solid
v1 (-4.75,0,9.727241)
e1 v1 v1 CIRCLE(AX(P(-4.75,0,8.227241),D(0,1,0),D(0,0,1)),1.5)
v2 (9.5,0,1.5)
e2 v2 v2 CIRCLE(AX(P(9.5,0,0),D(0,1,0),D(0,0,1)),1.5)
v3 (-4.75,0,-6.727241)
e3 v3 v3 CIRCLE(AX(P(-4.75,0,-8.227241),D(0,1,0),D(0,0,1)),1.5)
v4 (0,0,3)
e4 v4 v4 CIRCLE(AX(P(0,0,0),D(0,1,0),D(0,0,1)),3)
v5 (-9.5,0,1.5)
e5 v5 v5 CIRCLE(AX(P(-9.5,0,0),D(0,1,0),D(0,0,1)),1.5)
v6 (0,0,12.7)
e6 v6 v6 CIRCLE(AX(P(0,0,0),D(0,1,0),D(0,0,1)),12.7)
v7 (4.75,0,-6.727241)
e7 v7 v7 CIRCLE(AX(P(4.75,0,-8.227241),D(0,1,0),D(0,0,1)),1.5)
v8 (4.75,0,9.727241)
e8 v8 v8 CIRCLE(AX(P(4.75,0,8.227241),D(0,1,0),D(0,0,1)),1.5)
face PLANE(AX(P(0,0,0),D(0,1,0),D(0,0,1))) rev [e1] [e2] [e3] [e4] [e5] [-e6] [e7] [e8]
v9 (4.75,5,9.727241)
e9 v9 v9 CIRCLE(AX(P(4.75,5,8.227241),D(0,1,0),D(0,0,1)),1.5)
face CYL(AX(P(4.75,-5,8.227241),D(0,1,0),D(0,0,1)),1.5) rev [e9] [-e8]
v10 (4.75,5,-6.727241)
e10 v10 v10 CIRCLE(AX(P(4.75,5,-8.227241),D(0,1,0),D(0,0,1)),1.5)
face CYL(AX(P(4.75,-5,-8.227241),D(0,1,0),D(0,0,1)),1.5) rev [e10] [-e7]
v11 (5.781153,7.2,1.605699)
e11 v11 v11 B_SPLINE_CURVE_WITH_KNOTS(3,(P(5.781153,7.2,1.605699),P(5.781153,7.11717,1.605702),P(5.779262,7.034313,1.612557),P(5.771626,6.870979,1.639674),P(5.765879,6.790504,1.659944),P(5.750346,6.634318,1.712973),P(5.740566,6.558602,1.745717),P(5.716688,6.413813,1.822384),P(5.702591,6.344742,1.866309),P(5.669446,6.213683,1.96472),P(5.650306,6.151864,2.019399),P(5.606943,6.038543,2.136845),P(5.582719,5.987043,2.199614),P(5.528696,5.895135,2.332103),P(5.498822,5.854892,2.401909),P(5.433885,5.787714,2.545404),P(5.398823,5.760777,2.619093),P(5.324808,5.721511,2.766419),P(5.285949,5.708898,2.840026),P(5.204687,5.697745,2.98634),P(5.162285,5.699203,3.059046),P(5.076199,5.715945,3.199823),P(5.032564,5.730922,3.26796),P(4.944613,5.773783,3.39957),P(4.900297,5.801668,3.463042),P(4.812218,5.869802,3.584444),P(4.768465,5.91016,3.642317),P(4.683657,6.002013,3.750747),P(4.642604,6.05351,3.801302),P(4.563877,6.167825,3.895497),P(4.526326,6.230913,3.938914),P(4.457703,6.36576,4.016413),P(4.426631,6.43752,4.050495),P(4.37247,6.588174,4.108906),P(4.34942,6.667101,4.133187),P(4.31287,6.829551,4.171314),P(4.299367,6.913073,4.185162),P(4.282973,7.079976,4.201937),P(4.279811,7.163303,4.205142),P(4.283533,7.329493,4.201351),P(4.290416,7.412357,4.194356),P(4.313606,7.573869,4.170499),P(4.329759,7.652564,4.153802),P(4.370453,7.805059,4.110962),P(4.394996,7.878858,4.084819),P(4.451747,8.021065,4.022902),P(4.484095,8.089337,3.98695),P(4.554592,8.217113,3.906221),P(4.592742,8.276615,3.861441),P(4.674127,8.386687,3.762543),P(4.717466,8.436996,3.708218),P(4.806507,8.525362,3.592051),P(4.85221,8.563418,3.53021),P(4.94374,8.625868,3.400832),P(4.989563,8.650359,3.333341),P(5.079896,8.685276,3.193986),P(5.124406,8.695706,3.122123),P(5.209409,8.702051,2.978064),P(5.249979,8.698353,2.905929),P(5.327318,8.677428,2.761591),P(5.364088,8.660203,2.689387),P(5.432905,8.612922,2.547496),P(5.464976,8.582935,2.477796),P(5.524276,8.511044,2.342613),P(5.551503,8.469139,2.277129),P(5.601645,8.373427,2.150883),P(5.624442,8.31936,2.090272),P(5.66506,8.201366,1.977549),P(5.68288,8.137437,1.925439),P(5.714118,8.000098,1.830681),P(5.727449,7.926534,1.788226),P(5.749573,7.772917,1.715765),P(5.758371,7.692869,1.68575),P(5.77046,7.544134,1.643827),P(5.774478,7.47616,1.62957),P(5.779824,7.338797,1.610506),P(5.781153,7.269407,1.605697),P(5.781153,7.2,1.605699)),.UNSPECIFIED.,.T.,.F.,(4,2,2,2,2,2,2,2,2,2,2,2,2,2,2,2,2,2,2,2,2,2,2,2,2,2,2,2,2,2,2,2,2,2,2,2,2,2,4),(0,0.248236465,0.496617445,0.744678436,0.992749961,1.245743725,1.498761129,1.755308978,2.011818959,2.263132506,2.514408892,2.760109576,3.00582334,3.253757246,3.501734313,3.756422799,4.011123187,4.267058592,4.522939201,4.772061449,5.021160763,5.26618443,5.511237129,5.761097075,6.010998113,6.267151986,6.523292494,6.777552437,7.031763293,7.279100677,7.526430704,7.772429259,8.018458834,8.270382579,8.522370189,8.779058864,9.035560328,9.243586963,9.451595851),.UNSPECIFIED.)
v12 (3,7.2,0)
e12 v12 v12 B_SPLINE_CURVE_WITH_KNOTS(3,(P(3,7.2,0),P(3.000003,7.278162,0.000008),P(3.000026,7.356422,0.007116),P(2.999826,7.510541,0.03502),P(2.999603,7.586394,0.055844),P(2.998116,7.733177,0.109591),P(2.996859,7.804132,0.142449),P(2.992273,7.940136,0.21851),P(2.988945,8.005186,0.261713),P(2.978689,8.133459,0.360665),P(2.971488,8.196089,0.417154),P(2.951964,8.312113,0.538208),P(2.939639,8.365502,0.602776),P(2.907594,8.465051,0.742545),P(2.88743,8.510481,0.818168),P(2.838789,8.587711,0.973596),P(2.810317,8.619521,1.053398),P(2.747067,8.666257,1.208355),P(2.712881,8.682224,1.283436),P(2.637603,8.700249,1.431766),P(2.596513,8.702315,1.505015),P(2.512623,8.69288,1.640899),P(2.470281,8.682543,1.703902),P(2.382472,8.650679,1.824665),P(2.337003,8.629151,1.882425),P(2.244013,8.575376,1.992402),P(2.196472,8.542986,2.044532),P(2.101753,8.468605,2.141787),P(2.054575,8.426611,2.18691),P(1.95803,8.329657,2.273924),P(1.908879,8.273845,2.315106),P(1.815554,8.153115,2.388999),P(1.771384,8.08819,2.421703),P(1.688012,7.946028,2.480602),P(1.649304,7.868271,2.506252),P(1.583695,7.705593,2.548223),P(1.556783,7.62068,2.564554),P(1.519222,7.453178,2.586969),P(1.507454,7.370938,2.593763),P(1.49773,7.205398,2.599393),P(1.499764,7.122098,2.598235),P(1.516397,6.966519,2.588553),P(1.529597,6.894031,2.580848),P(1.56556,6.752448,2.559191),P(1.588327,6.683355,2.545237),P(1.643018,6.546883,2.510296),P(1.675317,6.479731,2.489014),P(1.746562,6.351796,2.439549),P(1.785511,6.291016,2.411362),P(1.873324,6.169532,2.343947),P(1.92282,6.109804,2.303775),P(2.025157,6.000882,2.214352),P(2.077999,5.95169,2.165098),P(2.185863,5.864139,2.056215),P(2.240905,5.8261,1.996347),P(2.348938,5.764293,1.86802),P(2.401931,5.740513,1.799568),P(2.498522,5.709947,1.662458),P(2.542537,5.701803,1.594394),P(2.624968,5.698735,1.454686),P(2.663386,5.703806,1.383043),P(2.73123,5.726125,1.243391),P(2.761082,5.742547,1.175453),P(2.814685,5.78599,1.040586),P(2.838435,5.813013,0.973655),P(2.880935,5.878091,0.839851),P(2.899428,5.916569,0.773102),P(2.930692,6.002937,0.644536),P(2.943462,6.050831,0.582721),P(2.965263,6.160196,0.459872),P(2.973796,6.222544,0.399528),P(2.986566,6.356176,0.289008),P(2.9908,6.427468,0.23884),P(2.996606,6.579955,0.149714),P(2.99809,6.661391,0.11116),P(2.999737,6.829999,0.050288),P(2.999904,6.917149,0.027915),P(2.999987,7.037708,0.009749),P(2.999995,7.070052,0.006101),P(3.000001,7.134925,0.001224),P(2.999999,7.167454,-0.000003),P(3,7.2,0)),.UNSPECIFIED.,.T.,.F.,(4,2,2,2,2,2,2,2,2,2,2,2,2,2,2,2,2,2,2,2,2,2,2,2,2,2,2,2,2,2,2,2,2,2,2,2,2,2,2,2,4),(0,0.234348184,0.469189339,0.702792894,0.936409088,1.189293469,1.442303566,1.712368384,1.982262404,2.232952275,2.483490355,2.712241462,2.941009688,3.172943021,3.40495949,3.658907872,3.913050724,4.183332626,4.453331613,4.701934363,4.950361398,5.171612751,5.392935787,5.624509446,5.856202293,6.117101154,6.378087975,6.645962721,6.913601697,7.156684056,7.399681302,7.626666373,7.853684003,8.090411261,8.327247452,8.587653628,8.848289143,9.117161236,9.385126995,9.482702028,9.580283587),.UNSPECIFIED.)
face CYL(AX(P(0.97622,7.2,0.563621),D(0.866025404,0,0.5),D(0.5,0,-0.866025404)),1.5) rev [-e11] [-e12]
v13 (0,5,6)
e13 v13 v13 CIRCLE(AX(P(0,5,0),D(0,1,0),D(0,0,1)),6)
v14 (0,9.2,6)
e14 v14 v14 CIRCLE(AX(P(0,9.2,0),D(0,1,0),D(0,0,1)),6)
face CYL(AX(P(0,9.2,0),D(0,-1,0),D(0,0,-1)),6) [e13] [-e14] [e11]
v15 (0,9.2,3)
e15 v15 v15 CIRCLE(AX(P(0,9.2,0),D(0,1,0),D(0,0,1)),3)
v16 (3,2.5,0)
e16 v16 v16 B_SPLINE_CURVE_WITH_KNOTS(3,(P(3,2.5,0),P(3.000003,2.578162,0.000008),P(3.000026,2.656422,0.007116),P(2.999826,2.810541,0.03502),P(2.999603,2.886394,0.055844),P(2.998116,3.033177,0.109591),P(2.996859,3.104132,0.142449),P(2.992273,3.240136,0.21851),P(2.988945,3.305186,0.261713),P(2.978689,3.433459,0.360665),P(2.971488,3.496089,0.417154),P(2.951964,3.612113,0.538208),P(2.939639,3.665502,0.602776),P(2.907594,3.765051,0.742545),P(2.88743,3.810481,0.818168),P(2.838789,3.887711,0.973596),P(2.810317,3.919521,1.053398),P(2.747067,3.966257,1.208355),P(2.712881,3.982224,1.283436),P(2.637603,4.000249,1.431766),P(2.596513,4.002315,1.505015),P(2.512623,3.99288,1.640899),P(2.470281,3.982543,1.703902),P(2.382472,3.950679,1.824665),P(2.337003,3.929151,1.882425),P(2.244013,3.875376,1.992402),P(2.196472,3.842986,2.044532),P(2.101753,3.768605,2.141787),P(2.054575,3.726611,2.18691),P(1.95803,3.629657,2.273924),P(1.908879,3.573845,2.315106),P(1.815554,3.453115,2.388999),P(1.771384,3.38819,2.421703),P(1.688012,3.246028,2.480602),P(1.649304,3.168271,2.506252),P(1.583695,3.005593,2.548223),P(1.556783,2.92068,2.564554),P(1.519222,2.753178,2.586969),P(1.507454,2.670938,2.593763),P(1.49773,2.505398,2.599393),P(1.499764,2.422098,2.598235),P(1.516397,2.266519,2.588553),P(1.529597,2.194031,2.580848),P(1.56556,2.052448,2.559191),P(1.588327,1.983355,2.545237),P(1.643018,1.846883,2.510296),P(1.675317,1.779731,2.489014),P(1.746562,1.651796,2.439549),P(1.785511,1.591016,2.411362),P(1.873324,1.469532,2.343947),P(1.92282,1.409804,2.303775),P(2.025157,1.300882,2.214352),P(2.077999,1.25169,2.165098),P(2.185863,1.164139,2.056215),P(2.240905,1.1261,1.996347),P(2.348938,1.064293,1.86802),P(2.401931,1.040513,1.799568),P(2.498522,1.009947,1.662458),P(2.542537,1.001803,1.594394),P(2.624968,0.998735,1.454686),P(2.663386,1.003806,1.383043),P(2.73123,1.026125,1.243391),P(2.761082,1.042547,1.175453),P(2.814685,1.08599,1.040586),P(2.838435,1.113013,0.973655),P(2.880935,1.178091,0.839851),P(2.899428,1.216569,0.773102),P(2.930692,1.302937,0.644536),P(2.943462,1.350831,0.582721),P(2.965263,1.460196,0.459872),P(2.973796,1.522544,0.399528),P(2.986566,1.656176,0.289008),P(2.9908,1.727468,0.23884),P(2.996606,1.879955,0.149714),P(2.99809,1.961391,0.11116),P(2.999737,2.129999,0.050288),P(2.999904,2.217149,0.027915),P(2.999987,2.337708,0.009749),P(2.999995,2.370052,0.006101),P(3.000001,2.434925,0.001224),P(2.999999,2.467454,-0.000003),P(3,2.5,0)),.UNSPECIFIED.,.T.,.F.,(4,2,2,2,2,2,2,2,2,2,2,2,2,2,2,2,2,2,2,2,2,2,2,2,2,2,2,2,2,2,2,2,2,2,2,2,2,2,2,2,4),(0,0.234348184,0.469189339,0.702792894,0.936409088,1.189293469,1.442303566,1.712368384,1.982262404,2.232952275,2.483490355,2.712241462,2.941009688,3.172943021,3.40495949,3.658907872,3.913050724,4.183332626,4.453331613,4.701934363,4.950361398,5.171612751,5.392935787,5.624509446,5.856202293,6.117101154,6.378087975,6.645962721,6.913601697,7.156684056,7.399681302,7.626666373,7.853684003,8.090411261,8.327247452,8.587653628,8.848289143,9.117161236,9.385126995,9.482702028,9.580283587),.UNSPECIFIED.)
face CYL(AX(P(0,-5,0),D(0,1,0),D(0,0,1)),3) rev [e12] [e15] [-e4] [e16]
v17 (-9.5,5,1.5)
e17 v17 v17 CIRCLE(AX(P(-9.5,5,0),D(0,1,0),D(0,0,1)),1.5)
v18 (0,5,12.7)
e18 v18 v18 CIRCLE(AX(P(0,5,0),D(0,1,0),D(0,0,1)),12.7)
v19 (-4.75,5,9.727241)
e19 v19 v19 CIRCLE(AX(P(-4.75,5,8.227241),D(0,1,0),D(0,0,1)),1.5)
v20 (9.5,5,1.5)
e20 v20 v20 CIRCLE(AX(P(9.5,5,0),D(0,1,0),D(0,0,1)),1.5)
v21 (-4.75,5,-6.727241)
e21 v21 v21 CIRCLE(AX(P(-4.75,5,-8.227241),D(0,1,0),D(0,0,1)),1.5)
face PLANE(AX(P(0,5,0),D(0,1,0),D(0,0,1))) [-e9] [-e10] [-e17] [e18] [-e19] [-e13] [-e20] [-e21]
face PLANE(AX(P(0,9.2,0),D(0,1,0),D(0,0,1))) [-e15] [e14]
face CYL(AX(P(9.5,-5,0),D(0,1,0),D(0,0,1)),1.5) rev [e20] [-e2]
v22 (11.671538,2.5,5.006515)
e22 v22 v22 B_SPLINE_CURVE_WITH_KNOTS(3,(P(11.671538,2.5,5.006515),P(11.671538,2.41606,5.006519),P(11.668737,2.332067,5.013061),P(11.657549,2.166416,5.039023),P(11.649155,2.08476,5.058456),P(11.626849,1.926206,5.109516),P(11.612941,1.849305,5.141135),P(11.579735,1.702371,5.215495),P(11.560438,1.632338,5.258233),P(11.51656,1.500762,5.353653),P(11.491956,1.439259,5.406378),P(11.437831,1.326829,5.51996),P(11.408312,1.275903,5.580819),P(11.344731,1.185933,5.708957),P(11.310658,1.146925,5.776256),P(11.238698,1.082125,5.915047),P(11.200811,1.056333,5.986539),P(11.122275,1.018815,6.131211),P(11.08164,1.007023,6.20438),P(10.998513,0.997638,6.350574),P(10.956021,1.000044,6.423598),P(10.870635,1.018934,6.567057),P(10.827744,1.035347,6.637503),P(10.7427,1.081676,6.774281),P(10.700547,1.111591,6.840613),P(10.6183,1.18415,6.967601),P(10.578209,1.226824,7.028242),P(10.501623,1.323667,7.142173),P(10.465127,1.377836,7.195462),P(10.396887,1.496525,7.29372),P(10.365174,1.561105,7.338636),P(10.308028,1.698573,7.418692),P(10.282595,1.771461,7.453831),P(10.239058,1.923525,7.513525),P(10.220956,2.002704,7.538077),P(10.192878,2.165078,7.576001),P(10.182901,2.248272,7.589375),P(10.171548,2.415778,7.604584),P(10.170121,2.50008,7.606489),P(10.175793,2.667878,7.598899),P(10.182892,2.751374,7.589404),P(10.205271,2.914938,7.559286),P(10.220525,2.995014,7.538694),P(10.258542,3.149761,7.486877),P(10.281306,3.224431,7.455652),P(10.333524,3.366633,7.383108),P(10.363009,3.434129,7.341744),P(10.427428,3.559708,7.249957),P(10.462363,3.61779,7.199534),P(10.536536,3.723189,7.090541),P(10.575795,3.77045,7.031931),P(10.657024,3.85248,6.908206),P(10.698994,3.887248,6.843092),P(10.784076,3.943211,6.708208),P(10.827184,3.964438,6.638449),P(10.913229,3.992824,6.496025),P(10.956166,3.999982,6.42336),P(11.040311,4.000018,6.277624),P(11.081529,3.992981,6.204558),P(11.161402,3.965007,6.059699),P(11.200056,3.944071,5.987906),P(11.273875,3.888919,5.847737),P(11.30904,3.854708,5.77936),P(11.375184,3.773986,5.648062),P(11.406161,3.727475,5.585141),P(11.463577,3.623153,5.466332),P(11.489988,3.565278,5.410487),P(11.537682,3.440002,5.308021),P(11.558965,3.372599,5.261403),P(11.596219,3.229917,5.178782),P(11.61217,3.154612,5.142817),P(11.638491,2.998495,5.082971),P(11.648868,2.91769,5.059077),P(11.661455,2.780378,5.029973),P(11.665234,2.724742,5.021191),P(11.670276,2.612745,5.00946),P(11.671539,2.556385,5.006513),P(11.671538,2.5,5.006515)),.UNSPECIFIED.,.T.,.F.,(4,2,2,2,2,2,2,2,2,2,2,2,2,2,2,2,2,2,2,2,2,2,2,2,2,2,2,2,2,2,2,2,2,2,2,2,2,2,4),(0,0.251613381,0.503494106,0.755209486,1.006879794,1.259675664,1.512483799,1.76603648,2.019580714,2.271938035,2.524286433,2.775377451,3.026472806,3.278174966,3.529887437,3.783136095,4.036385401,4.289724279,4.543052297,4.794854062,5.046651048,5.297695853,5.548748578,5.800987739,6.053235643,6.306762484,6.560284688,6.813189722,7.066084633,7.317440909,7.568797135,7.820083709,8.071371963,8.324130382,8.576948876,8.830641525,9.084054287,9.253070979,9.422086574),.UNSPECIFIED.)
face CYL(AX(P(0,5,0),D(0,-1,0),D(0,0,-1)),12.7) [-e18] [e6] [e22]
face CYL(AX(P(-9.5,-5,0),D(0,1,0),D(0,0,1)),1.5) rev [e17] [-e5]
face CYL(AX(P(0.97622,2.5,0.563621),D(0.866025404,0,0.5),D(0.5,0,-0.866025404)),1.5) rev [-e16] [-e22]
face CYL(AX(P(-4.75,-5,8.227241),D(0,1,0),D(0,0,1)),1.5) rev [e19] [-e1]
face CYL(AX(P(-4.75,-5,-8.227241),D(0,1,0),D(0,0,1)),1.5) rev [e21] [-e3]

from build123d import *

# Parameters (mm, degrees)
SKETCH1_R           = 12.7
BOSS_EXTRUDE1_DEPTH = 5
SKETCH2_R           = 6
BOSS_EXTRUDE2_DEPTH = 4.2
SKETCH3_R           = 3
SKETCH3_R_2         = 1.5
CUT_EXTRUDE1_DEPTH  = 14.2
SKETCH5_R           = 1.5
CUT_EXTRUDE2_DEPTH  = 7.1


with BuildPart() as part:
    # Sketch1 → Boss-Extrude1 (new body)
    with BuildSketch(Plane(origin=(0, 0, 0), x_dir=(1, 0, 0), z_dir=(0, 1, 0))):
        with Locations(Location((0, 0, 0), (0, 0, 270))):
            Circle(SKETCH1_R)
    extrude(amount=BOSS_EXTRUDE1_DEPTH)

    # Sketch2 → Boss-Extrude2 (add)
    with BuildSketch(Plane(origin=(0, 5, 0), x_dir=(1, 0, 0), z_dir=(0, 1, 0))):
        with Locations(Location((0, 0, 0), (0, 0, 270))):
            Circle(SKETCH2_R)
    extrude(amount=BOSS_EXTRUDE2_DEPTH)

    # Sketch3 → Cut-Extrude1 (cut)
    with BuildSketch(Plane(origin=(0, 9.2, 0), x_dir=(1, 0, 0), z_dir=(0, 1, 0))):
        with Locations(Location((0, 0, 0), (0, 0, 270))):
            Circle(SKETCH3_R)
        with Locations(Location((-9.5, 0, 0), (0, 0, 270))):
            Circle(SKETCH3_R_2)
        with Locations(Location((-4.75, 8.227241336, 0), (0, 0, 270))):
            Circle(SKETCH3_R_2)
        with Locations(Location((4.75, 8.227241336, 0), (0, 0, 270))):
            Circle(SKETCH3_R_2)
        with Locations(Location((9.5, 0, 0), (0, 0, 270))):
            Circle(SKETCH3_R_2)
        with Locations(Location((4.75, -8.227241336, 0), (0, 0, 270))):
            Circle(SKETCH3_R_2)
        with Locations(Location((-4.75, -8.227241336, 0), (0, 0, 270))):
            Circle(SKETCH3_R_2)
    extrude(amount=-CUT_EXTRUDE1_DEPTH, mode=Mode.SUBTRACT)

    # Sketch5 → Cut-Extrude2 (cut, symmetric)
    with BuildSketch(Plane(origin=(7.125, 0, 4.113620668), x_dir=(0.5000000000000071, 0, -0.8660254037844346), z_dir=(0.8660254037844346, 0, 0.5000000000000071))):
        with Locations((0, 2.5)):
            Circle(SKETCH5_R)
        with Locations((0, 7.2)):
            Circle(SKETCH5_R)
    extrude(amount=CUT_EXTRUDE2_DEPTH, both=True, mode=Mode.SUBTRACT)


solid = part.part
